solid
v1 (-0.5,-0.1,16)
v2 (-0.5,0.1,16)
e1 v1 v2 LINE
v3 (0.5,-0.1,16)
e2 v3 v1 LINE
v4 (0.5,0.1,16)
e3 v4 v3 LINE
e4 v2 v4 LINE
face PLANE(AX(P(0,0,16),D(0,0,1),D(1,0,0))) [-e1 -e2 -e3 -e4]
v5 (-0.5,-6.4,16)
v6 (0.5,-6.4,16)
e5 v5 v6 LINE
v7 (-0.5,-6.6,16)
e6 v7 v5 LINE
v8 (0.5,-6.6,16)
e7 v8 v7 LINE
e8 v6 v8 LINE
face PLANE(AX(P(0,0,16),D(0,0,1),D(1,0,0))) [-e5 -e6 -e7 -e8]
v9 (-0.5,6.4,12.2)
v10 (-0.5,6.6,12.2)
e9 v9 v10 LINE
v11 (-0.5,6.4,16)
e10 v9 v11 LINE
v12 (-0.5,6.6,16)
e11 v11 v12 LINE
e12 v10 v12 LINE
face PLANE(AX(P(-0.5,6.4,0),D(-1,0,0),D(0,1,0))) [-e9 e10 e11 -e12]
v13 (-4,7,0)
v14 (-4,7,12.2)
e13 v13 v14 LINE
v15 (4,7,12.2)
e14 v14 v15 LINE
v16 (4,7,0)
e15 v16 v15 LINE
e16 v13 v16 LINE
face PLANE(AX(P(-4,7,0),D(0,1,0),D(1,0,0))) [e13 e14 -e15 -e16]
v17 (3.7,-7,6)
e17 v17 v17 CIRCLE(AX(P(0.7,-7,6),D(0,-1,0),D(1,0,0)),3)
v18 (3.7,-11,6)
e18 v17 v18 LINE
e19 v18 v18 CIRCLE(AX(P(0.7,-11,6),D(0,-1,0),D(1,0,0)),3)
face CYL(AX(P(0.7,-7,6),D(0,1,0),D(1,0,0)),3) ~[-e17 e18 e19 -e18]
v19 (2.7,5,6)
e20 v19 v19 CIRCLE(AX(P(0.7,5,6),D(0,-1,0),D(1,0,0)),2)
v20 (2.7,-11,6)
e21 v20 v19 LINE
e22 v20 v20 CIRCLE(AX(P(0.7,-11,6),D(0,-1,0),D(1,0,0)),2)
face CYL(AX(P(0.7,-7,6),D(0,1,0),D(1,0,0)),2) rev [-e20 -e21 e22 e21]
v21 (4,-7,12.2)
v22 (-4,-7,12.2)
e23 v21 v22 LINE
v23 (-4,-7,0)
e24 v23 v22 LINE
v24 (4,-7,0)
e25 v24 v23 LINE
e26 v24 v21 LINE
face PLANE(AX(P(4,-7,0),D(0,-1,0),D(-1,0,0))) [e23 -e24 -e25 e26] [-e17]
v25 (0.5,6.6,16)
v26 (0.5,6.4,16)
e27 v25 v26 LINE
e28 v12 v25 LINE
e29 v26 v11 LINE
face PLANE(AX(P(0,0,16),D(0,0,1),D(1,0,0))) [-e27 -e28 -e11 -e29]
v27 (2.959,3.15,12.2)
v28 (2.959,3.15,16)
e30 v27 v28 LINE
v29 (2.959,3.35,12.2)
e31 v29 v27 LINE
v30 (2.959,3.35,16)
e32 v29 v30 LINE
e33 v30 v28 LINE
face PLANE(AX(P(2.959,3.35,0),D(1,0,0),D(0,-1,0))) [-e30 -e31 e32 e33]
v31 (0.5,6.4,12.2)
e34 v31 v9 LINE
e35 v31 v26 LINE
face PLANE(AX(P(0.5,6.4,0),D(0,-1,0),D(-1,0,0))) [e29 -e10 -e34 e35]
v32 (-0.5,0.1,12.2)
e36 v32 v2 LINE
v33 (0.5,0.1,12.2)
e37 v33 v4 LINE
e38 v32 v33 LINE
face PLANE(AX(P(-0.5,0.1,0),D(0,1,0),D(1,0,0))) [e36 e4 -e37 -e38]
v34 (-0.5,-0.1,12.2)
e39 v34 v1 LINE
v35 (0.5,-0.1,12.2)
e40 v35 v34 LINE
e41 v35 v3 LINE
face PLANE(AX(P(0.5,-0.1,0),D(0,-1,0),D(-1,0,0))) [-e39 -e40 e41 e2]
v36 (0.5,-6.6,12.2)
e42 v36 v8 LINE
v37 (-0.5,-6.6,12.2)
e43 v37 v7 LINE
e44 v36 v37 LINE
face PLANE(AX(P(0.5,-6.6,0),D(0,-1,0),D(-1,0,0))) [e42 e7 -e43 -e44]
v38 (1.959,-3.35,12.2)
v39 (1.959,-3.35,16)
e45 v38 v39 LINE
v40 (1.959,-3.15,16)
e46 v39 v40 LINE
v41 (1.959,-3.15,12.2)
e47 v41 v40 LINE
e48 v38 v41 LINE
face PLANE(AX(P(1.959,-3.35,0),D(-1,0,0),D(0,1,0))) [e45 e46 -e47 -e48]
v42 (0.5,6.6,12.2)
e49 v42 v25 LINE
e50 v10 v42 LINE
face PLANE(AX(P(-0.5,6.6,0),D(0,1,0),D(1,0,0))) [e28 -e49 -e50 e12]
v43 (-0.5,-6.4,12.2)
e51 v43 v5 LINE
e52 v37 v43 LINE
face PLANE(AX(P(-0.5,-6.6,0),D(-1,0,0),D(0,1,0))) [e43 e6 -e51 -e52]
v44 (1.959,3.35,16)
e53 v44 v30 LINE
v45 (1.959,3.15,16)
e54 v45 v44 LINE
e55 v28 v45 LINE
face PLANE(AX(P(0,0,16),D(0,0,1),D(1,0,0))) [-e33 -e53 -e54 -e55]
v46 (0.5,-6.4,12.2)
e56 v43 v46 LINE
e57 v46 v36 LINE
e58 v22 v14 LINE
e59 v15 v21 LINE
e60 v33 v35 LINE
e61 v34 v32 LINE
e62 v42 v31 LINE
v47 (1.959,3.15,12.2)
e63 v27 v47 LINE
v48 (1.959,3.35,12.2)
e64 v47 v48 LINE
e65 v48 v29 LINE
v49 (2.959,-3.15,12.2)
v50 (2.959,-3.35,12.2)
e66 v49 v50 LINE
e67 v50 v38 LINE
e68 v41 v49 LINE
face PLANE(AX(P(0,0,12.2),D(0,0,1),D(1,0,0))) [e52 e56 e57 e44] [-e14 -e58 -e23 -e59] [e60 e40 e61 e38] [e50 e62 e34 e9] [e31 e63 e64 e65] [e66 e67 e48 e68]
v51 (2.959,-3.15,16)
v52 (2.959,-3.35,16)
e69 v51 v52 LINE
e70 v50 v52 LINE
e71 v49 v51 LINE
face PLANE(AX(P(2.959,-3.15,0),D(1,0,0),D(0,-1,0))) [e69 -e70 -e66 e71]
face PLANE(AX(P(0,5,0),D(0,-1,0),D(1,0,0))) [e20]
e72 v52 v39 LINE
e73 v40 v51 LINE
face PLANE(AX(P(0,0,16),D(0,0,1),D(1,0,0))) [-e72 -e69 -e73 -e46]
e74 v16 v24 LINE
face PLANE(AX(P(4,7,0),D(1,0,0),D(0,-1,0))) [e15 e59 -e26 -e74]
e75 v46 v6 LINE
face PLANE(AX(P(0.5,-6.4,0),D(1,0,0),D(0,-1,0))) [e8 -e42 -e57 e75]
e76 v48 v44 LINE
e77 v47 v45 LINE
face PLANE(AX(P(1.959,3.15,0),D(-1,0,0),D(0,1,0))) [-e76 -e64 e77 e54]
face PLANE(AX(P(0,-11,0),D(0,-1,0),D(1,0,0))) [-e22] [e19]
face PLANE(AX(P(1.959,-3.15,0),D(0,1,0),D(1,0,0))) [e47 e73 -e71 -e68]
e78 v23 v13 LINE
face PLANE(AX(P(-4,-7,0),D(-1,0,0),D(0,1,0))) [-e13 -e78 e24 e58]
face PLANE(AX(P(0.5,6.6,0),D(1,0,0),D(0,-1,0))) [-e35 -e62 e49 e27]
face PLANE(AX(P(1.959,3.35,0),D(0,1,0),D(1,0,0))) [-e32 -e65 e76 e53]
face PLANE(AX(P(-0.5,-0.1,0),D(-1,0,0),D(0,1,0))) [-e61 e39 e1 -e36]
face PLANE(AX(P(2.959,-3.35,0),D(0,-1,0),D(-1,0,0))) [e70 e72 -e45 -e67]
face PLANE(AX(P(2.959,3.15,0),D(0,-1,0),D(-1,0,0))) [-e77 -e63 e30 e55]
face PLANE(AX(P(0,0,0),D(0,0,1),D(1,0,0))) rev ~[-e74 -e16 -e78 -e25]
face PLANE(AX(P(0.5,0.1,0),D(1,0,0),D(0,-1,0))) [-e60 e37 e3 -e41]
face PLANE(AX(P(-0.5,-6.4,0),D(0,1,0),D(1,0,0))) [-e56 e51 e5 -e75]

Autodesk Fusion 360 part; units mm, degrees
sketch "Sketch1" plane through (0, 0, 0) normal (0, 0, 1) x (1, 0, 0)
  line L0 (4, -7) -> (-4, -7)
  line L1 (-4, -7) -> (-4, 7)
  line L2 (-4, 7) -> (4, 7)
  line L3 (4, 7) -> (4, -7)
  line L4 (4, -7) -> (-4, 7) construction
  line L5 (-4, -7) -> (4, 7) construction
  line L6 (0.5, -0.1) -> (-0.5, -0.1)
  line L7 (-0.5, -0.1) -> (-0.5, 0.1)
  line L8 (-0.5, 0.1) -> (0.5, 0.1)
  line L9 (0.5, 0.1) -> (0.5, -0.1)
  line L10 (0.5, -0.1) -> (-0.5, 0.1) construction
  line L11 (-0.5, -0.1) -> (0.5, 0.1) construction
  line L12 (0.5, -6.6) -> (-0.5, -6.6)
  line L13 (-0.5, -6.6) -> (-0.5, -6.4)
  line L14 (0.5, -6.4) -> (0.5, -6.6)
  line L15 (-0.5, -6.4) -> (0.5, -6.4)
  line L16 (2.959, -3.35) -> (1.959, -3.35)
  line L17 (1.959, -3.35) -> (1.959, -3.15)
  line L18 (2.959, -3.15) -> (2.959, -3.35)
  line L19 (1.959, -3.15) -> (2.959, -3.15)
  line L20 (2.959, 3.15) -> (1.959, 3.15)
  line L21 (1.959, 3.15) -> (1.959, 3.35)
  line L22 (2.959, 3.35) -> (2.959, 3.15)
  line L23 (1.959, 3.35) -> (2.959, 3.35)
  line L24 (0.5, 6.4) -> (-0.5, 6.4)
  line L25 (-0.5, 6.4) -> (-0.5, 6.6)
  line L26 (0.5, 6.6) -> (0.5, 6.4)
  line L27 (-0.5, 6.6) -> (0.5, 6.6)
  dimension "d61" = 8
  dimension "d62" = 14
  dimension "d63" = 1
  dimension "d64" = 0.2
  dimension "d67" = 2.459
  dimension "d68" = 6.5
extrude "Extrude1" add sketch "Sketch1" along normal blind 16 contours L6 L7 L8 L9 | L12 L13 L14 L15 | L16 L17 L18 L19 | L20 L21 L22 L23 | L24 L25 L26 L27 makes body 1 at (0.1667, -0.1, 5.3333) makes body 2 at (2.6257, 3.15, 5.3333) makes body 3 at (2.6257, -3.35, 5.3333) makes body 4 at (0.1667, 6.4, 5.3333) makes body 5 at (0.1667, -6.6, 5.3333)
extrude "Extrude2" add sketch "Sketch1" along normal blind 12.2 bodies 1 2 3 4 5
sketch "Sketch2" plane through (0, -7, 0) normal (0, -1, 0) x (1, 0, 0)
  line L0 (-4, 0) -> (4, 0)
  line L1 (4, 0) -> (4, 12.2)
  line L2 (4, 12.2) -> (-4, 12.2)
  line L3 (-4, 12.2) -> (-4, 0)
  circle A0 centre (0.7, 6) radius 3
  circle A1 centre (0.7, 6) radius 2
  line L4 (4, 0) -> (-4, 0)
  dimension "d73" = 6
  dimension "d74" = -1
  dimension "d76" = 3.3
  dimension "d78" = 6
extrude "Extrude3" add sketch "Sketch2" along normal blind 4 contours A0 bodies 1
extrude "Extrude4" cut sketch "Sketch2" against normal blind 12 contours A1 bodies 1
